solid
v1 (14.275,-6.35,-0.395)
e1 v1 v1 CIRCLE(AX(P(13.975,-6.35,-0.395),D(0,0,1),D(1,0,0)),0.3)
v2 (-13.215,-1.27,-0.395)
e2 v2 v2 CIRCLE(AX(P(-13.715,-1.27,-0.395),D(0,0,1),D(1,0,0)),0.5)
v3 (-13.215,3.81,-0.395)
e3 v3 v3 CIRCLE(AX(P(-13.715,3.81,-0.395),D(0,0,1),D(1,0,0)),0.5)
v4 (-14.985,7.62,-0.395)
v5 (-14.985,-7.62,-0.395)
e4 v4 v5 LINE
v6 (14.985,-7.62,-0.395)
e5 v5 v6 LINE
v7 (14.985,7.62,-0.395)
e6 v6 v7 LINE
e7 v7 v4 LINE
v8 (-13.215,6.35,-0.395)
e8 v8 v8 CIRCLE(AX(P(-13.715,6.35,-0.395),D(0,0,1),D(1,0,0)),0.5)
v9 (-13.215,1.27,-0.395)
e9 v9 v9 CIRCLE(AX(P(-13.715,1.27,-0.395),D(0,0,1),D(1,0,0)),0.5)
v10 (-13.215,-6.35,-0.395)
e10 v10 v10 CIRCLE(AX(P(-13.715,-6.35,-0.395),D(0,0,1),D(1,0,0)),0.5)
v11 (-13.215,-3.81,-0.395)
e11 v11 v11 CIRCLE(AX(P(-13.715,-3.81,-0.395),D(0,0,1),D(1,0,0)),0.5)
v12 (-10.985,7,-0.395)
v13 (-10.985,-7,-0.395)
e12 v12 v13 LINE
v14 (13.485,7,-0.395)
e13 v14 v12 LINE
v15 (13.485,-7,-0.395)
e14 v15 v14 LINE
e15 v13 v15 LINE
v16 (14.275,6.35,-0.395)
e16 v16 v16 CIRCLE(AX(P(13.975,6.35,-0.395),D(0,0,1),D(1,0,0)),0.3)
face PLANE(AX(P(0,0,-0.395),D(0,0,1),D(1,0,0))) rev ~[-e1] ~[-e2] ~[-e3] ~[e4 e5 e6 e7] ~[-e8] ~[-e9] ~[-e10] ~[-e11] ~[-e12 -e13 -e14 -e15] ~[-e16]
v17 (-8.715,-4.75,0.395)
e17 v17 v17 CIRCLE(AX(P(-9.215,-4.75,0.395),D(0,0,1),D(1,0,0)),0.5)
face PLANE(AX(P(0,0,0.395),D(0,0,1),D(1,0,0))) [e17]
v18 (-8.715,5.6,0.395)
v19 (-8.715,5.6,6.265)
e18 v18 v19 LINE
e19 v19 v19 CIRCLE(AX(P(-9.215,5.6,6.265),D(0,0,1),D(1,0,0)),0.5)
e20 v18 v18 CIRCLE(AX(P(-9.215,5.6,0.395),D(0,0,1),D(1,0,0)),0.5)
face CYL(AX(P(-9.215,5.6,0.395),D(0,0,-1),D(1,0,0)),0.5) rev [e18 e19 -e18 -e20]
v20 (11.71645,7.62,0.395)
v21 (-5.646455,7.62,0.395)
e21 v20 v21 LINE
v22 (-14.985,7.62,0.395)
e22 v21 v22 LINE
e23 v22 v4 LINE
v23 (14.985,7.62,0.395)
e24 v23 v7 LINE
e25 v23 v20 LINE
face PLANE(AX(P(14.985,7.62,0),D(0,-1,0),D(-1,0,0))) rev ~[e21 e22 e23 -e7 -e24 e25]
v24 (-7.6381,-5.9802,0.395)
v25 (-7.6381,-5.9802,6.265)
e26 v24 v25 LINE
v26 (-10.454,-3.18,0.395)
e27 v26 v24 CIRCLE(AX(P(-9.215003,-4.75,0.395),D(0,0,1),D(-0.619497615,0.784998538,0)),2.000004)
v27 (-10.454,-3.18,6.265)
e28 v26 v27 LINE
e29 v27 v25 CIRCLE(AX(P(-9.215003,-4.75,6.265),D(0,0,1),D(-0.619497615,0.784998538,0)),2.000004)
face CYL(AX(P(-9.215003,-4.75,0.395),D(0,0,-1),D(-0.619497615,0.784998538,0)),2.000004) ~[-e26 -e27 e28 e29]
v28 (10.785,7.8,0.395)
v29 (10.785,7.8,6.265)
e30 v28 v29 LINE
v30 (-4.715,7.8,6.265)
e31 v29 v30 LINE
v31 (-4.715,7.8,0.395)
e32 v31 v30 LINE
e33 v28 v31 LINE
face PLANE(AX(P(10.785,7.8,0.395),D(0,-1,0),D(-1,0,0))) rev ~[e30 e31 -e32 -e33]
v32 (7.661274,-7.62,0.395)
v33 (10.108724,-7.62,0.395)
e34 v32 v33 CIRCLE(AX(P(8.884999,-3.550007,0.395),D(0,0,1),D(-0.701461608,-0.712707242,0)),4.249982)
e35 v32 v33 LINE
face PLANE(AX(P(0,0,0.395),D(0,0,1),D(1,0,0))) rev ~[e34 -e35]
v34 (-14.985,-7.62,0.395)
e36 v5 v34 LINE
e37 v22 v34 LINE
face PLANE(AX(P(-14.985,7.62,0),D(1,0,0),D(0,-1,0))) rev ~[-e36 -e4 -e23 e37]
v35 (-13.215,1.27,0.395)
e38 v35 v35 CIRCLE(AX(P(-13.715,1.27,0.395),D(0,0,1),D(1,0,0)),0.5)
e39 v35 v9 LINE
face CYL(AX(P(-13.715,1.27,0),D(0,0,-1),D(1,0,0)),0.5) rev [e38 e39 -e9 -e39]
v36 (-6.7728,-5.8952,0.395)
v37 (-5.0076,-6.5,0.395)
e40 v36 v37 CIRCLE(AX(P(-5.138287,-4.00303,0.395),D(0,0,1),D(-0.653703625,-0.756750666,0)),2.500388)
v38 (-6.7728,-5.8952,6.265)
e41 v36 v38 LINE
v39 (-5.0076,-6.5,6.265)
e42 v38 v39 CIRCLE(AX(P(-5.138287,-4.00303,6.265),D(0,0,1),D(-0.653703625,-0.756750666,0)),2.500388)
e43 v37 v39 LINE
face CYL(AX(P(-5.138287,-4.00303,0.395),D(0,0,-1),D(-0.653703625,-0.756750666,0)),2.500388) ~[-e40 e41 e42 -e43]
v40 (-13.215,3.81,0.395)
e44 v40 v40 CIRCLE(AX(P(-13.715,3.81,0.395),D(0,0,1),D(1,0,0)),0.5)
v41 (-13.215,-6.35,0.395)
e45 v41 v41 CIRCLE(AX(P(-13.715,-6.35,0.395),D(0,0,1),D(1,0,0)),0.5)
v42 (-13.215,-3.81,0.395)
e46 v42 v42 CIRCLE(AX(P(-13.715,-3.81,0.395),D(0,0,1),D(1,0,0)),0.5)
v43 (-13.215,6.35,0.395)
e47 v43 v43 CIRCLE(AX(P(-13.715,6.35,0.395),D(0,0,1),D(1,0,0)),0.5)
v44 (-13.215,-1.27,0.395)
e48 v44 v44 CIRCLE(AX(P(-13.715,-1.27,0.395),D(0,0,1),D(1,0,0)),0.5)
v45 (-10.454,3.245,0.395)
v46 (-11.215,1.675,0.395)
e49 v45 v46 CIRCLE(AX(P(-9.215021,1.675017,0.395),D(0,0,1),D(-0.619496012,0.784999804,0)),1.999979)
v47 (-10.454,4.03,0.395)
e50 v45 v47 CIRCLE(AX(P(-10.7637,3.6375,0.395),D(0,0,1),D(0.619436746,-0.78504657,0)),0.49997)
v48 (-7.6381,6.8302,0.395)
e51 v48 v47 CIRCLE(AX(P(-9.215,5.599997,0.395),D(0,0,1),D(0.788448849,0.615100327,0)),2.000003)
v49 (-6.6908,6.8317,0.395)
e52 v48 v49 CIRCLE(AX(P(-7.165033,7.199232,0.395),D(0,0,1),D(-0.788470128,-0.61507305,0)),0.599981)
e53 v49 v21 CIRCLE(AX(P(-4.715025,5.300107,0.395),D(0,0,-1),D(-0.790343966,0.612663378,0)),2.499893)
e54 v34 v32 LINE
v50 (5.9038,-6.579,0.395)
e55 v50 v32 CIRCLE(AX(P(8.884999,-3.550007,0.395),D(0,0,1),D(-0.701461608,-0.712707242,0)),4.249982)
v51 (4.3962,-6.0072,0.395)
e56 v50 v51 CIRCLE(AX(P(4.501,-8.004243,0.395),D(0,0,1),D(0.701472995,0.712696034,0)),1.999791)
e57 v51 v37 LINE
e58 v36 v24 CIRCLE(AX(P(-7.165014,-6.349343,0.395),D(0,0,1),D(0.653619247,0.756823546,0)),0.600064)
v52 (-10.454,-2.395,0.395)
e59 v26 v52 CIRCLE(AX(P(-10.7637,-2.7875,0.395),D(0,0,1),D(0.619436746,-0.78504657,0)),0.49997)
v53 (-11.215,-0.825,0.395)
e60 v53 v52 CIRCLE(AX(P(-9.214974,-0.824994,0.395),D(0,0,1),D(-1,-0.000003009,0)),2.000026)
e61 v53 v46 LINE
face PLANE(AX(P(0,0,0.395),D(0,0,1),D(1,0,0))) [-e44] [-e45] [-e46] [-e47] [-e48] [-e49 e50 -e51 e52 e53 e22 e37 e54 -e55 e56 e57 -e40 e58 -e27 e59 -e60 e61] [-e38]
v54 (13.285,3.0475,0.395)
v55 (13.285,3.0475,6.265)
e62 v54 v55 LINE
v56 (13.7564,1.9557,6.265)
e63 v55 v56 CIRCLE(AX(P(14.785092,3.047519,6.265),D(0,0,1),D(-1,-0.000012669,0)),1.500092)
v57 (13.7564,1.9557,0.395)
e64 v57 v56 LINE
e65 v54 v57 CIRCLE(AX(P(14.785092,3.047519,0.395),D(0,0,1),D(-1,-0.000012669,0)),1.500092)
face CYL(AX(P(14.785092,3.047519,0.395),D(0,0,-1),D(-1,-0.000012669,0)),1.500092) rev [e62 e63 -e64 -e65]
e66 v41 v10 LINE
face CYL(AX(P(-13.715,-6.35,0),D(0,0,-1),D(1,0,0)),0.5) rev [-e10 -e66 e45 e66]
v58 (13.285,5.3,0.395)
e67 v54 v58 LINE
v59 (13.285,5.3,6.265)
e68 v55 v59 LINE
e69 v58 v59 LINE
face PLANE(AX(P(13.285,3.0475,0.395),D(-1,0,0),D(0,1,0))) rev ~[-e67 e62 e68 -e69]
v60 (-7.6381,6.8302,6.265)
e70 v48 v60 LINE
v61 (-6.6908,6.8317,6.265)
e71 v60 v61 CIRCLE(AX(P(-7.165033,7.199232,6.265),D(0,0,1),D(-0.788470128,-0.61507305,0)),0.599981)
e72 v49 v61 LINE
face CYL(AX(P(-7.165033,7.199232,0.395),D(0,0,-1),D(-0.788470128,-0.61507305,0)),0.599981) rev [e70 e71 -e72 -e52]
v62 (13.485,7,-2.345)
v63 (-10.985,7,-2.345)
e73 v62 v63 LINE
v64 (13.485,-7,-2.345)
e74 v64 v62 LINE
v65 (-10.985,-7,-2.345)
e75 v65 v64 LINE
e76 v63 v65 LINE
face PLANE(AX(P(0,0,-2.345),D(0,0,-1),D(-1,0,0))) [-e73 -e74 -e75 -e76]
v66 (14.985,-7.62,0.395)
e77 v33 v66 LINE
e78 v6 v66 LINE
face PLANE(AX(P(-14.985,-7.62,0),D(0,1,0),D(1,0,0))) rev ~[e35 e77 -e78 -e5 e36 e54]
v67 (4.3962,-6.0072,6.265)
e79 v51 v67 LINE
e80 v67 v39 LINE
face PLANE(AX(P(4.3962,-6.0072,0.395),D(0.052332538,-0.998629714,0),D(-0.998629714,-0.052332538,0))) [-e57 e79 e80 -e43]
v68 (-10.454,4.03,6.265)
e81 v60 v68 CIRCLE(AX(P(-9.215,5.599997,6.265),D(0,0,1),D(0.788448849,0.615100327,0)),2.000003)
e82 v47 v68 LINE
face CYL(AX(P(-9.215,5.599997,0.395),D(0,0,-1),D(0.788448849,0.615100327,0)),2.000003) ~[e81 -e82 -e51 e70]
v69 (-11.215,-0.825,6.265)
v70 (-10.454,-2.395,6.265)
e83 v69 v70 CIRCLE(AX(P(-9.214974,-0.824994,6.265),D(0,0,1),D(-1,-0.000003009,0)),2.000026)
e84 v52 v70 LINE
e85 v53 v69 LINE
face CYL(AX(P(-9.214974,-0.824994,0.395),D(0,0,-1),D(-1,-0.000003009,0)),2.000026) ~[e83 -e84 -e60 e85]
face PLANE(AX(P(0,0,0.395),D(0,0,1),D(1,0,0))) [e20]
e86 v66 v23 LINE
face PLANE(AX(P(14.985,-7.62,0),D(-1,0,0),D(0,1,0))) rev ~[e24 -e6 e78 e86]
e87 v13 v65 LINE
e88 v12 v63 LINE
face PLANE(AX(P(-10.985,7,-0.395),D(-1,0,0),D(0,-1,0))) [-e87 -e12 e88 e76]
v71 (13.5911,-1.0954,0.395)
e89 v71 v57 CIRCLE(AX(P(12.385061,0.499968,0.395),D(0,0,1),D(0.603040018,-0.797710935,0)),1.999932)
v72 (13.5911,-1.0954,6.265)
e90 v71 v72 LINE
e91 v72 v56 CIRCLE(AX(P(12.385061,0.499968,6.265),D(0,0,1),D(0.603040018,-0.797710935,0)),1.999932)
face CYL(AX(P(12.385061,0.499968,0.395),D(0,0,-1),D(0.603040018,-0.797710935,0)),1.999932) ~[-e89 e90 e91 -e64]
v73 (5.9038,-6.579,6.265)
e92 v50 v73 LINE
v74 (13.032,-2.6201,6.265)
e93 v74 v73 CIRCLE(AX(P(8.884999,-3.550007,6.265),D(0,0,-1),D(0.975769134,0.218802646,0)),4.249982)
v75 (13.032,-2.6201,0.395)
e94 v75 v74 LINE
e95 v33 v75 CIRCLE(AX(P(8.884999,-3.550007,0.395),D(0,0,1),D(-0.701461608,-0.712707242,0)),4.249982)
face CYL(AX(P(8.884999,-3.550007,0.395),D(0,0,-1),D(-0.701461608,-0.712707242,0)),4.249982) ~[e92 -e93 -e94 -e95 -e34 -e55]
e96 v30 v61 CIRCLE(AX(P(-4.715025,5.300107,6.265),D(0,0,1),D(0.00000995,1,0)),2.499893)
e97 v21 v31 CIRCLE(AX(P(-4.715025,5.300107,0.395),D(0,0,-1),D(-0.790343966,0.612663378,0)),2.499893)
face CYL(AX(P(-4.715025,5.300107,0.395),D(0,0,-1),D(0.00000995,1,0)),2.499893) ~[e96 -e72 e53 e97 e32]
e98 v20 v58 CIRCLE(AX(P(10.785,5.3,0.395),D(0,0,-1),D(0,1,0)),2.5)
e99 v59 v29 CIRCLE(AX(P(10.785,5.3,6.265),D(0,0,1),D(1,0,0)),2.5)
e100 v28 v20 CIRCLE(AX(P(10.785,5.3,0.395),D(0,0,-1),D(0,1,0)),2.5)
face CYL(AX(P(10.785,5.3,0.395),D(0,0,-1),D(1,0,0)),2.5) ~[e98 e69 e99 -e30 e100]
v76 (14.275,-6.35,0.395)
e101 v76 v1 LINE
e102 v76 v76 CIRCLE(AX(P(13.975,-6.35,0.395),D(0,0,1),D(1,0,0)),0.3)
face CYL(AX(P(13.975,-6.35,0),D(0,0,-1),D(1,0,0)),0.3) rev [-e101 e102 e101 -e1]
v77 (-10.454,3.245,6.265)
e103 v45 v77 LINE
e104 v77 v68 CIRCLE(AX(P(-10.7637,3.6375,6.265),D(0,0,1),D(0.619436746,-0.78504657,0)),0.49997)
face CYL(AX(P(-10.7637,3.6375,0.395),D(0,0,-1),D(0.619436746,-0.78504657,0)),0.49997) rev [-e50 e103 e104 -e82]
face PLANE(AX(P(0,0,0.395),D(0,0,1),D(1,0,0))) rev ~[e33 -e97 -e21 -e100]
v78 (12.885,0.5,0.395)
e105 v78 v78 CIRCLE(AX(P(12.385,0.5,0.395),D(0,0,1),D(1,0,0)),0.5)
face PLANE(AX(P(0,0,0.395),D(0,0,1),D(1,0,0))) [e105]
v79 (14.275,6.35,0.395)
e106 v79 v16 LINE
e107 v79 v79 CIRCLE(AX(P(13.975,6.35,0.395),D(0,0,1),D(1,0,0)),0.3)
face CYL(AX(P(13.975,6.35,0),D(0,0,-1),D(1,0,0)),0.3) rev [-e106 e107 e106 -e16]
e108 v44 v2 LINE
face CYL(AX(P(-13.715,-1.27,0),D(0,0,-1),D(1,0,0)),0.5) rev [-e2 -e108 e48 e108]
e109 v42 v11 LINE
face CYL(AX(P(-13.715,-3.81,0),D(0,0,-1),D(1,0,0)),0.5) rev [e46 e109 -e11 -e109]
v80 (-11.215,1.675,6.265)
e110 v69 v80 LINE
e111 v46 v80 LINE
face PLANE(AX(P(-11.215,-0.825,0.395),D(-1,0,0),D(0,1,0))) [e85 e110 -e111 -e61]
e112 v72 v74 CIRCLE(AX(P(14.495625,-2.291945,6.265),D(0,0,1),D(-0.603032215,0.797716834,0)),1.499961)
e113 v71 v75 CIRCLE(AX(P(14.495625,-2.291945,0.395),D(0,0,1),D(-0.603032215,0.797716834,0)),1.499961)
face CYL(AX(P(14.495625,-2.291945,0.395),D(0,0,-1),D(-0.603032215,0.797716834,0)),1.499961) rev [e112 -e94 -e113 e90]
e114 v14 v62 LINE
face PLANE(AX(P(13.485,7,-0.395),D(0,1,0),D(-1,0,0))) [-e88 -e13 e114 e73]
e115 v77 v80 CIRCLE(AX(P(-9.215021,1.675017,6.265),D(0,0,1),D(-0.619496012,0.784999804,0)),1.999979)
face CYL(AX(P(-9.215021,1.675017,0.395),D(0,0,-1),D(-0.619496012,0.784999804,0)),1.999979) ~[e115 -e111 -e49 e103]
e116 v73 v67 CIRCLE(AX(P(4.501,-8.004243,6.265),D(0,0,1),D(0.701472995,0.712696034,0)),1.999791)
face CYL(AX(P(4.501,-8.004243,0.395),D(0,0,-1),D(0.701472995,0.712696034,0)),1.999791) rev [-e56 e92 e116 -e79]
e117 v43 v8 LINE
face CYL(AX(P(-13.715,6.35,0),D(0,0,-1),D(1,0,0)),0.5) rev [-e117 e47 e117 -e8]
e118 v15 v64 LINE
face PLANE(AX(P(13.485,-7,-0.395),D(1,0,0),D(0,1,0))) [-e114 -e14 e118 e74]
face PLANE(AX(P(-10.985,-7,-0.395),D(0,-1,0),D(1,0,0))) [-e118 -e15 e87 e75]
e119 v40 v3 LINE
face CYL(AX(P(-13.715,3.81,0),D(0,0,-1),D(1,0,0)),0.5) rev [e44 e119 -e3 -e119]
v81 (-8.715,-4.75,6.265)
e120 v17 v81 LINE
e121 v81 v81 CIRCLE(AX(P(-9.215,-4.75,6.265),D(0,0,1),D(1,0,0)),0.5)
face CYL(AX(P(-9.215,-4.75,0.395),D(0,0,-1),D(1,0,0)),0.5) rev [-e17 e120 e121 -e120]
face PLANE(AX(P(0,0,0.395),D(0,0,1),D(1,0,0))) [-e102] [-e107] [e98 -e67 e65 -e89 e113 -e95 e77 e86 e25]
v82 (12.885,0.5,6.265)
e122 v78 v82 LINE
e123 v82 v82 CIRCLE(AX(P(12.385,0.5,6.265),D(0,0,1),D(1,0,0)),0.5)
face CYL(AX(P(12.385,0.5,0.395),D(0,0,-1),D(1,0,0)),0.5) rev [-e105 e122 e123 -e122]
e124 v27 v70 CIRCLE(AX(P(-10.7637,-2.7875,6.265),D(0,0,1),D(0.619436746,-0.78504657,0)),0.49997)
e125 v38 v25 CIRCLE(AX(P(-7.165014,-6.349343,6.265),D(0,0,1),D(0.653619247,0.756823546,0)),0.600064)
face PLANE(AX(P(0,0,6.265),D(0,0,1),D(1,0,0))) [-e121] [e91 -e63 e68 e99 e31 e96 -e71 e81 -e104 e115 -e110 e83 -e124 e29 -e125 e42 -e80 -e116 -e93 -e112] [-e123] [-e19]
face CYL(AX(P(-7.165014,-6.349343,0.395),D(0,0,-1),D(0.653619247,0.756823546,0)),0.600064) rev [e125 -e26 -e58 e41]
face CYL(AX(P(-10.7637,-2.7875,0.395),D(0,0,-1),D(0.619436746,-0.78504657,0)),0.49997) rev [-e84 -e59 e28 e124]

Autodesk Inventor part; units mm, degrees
ref_plane "YZ Plane" through (0, 0, 0) normal (1, 0, 0) x (0, 1, 0)
ref_plane "XZ Plane" through (0, 0, 0) normal (0, 1, 0) x (-1, 0, 0)
ref_plane "XY Plane" through (0, 0, 0) normal (0, 0, 1) x (1, 0, 0)
sketch "Sketch1" plane through (0, 0, 0) normal (0, 0, 1) x (1, 0, 0)
  line L0 (-14.985, -7.62) -> (14.985, -7.62)
  line L1 (14.985, -7.62) -> (14.985, 7.62)
  line L2 (14.985, 7.62) -> (-14.985, 7.62)
  line L3 (-14.985, 7.62) -> (-14.985, -7.62)
  line L4 (-14.985, -7.62) -> (14.985, 7.62) construction
  line L5 (14.985, -7.62) -> (-14.985, 7.62) construction
  circle A0 centre (-13.715, 6.35) radius 0.5
  circle A1 centre (-13.715, 3.81) radius 0.5
  circle A2 centre (-13.715, 1.27) radius 0.5
  circle A3 centre (-13.715, -1.27) radius 0.5
  circle A4 centre (-13.715, -3.81) radius 0.5
  circle A5 centre (-13.715, -6.35) radius 0.5
  circle A6 centre (13.975, 6.35) radius 0.3
  circle A7 centre (13.975, -6.35) radius 0.3
  point P0 (0, 0)
  dimension "d0" = 29.97
  dimension "d1" = 15.24
  dimension "d2" = 1
  dimension "d3" = 1.27
  dimension "d4" = 1.27
  dimension "d7" = 2.54
  dimension "d12" = 0.6
  dimension "d13" = 28.96
extrude "Extrusion1" add sketch "Sketch1" along normal mid plane 0.79
sketch "Sketch2" plane through (0, 0, -0.395) normal (0, 0, -1) x (-1, 0, 0)
  circle A0 centre (13.715, -6.35) radius 0.5 projected
  circle A1 centre (13.715, -3.81) radius 0.5 projected
  circle A2 centre (13.715, -1.27) radius 0.5 projected
  circle A3 centre (13.715, 1.27) radius 0.5 projected
  circle A4 centre (13.715, 3.81) radius 0.5 projected
  circle A5 centre (13.715, 6.35) radius 0.5 projected
  circle A6 centre (-13.975, -6.35) radius 0.3 projected
  circle A7 centre (-13.975, 6.35) radius 0.3 projected
  line L0 (-14.985, -7.62) -> (14.985, -7.62) projected
  line L1 (14.985, -7.62) -> (14.985, 7.62) projected
  line L2 (14.985, 7.62) -> (-14.985, 7.62) projected
  line L3 (-14.985, 7.62) -> (-14.985, -7.62) projected
  line L4 (-13.485, 7) -> (10.985, 7)
  line L5 (10.985, 7) -> (10.985, -7)
  line L6 (10.985, -7) -> (-13.485, -7)
  line L7 (-13.485, -7) -> (-13.485, 7)
  point P0 (0, 0)
  point P1 (10.985, 0)
  dimension "d16" = 14
  dimension "d17" = 4
  dimension "d18" = 1.5
extrude "Extrusion2" add sketch "Sketch2" along normal blind 1.95 contours L4 L5 L6 L7
sketch "Sketch3" plane through (0, 0, 0.395) normal (0, 0, 1) x (1, 0, 0)
  circle A0 centre (-13.715, -6.35) radius 0.5 projected
  circle A1 centre (-13.715, -3.81) radius 0.5 projected
  circle A2 centre (-13.715, -1.27) radius 0.5 projected
  circle A3 centre (-13.715, 1.27) radius 0.5 projected
  circle A4 centre (-13.715, 3.81) radius 0.5 projected
  circle A5 centre (-13.715, 6.35) radius 0.5 projected
  circle A6 centre (13.975, -6.35) radius 0.3 projected
  circle A7 centre (13.975, 6.35) radius 0.3 projected
  line L0 (-14.985, -7.62) -> (14.985, -7.62) projected
  line L1 (14.985, -7.62) -> (14.985, 7.62) projected
  line L2 (14.985, 7.62) -> (-14.985, 7.62) projected
  line L3 (-14.985, 7.62) -> (-14.985, -7.62) projected
  line L4 (-14.985, 7.5559) -> (14.985, 7.5559) construction
  line L5 (14.985, 7.5559) -> (14.985, -7.62) construction
  line L6 (14.985, -7.62) -> (-14.985, -7.62) construction
  line L7 (-14.985, -7.62) -> (-14.985, 7.5559) construction
  line L8 (-14.985, 7.62) -> (-14.985, -7.62) projected
  arc A8 (13.285, 3.0475) -> (13.7564, 1.9557) centre (14.785, 3.0475) ccw
  arc A9 (13.5911, -1.0954) -> (13.7564, 1.9557) centre (12.385, 0.5) ccw
  arc A10 (13.5911, -1.0954) -> (13.032, -2.6201) centre (14.4957, -2.292) ccw
  arc A11 (5.9038, -6.579) -> (13.032, -2.6201) centre (8.885, -3.55) ccw
  arc A12 (5.9038, -6.579) -> (4.3962, -6.0072) centre (4.5009, -8.0044) ccw
  line L9 (4.3962, -6.0072) -> (-5.0076, -6.5)
  arc A13 (-6.7728, -5.8952) -> (-5.0076, -6.5) centre (-5.1385, -4.0034) ccw
  arc A14 (-6.7728, -5.8952) -> (-7.6381, -5.9802) centre (-7.165, -6.3493) ccw
  arc A15 (-10.454, -3.18) -> (-7.6381, -5.9802) centre (-9.215, -4.75) ccw
  arc A16 (-10.454, -3.18) -> (-10.454, -2.395) centre (-10.7637, -2.7875) ccw
  arc A17 (-11.215, -0.825) -> (-10.454, -2.395) centre (-9.215, -0.825) ccw
  line L10 (-11.215, -0.825) -> (-11.215, 1.675)
  arc A18 (-10.454, 3.245) -> (-11.215, 1.675) centre (-9.215, 1.675) ccw
  arc A19 (-10.454, 3.245) -> (-10.454, 4.03) centre (-10.7637, 3.6375) ccw
  arc A20 (-7.6381, 6.8302) -> (-10.454, 4.03) centre (-9.215, 5.6) ccw
  arc A21 (-7.6381, 6.8302) -> (-6.6908, 6.8317) centre (-7.165, 7.1993) ccw
  line L11 (13.285, 3.0475) -> (13.285, 5.3)
  arc A22 (13.285, 5.3) -> (10.785, 7.8) centre (10.785, 5.3) ccw
  line L12 (10.785, 7.8) -> (-4.715, 7.8)
  arc A23 (-4.715, 7.8) -> (-6.6908, 6.8317) centre (-4.715, 5.3) ccw
  circle A24 centre (-9.215, 5.6) radius 0.5
  circle A25 centre (-9.215, -4.75) radius 0.5
  circle A26 centre (12.385, 0.5) radius 0.5
  line L13 (8.885, -7.8) -> (8.885, 7.8) construction
  point P0 (0, 0)
  point P1 (8.885, 0)
  dimension "d29" = 7.8
  dimension "d32" = 4.5
  dimension "d33" = 2.5
  dimension "d34" = 26.1
  dimension "d35" = 24.5
  dimension "d36" = 5.6
  dimension "d37" = 4.75
  dimension "d38" = 2
  dimension "d44" = 2.5
  dimension "d46" = 0.5
  dimension "d49" = 2
  dimension "d52" = 0.6
  dimension "d53" = 2.5
  dimension "d54" = 4.5
  dimension "d57" = 2.5
  dimension "d59" = 0.5
  dimension "d61" = 2
  dimension "d64" = 1.5
  dimension "d65" = 1
  dimension "d73" = 20.1
  dimension "d77" = 4.25
  dimension "d78" = 3
  dimension "d80" = 2.5
  dimension "d82" = 6.5
  dimension "d84" = 2
extrude "Extrusion3" add sketch "Sketch3" along normal blind 5.87 contours A11 A12 L9 A13 A14 A15 A16 A17 L10 A18 A19 A20 A21 A23 L2 A22 L11 A8 A9 A10 L0 | L0 A11 | A23 L12 A22 L2
equation "\"d4\" = d3"
properties part number "66-0008" material "ABS Plastic"
